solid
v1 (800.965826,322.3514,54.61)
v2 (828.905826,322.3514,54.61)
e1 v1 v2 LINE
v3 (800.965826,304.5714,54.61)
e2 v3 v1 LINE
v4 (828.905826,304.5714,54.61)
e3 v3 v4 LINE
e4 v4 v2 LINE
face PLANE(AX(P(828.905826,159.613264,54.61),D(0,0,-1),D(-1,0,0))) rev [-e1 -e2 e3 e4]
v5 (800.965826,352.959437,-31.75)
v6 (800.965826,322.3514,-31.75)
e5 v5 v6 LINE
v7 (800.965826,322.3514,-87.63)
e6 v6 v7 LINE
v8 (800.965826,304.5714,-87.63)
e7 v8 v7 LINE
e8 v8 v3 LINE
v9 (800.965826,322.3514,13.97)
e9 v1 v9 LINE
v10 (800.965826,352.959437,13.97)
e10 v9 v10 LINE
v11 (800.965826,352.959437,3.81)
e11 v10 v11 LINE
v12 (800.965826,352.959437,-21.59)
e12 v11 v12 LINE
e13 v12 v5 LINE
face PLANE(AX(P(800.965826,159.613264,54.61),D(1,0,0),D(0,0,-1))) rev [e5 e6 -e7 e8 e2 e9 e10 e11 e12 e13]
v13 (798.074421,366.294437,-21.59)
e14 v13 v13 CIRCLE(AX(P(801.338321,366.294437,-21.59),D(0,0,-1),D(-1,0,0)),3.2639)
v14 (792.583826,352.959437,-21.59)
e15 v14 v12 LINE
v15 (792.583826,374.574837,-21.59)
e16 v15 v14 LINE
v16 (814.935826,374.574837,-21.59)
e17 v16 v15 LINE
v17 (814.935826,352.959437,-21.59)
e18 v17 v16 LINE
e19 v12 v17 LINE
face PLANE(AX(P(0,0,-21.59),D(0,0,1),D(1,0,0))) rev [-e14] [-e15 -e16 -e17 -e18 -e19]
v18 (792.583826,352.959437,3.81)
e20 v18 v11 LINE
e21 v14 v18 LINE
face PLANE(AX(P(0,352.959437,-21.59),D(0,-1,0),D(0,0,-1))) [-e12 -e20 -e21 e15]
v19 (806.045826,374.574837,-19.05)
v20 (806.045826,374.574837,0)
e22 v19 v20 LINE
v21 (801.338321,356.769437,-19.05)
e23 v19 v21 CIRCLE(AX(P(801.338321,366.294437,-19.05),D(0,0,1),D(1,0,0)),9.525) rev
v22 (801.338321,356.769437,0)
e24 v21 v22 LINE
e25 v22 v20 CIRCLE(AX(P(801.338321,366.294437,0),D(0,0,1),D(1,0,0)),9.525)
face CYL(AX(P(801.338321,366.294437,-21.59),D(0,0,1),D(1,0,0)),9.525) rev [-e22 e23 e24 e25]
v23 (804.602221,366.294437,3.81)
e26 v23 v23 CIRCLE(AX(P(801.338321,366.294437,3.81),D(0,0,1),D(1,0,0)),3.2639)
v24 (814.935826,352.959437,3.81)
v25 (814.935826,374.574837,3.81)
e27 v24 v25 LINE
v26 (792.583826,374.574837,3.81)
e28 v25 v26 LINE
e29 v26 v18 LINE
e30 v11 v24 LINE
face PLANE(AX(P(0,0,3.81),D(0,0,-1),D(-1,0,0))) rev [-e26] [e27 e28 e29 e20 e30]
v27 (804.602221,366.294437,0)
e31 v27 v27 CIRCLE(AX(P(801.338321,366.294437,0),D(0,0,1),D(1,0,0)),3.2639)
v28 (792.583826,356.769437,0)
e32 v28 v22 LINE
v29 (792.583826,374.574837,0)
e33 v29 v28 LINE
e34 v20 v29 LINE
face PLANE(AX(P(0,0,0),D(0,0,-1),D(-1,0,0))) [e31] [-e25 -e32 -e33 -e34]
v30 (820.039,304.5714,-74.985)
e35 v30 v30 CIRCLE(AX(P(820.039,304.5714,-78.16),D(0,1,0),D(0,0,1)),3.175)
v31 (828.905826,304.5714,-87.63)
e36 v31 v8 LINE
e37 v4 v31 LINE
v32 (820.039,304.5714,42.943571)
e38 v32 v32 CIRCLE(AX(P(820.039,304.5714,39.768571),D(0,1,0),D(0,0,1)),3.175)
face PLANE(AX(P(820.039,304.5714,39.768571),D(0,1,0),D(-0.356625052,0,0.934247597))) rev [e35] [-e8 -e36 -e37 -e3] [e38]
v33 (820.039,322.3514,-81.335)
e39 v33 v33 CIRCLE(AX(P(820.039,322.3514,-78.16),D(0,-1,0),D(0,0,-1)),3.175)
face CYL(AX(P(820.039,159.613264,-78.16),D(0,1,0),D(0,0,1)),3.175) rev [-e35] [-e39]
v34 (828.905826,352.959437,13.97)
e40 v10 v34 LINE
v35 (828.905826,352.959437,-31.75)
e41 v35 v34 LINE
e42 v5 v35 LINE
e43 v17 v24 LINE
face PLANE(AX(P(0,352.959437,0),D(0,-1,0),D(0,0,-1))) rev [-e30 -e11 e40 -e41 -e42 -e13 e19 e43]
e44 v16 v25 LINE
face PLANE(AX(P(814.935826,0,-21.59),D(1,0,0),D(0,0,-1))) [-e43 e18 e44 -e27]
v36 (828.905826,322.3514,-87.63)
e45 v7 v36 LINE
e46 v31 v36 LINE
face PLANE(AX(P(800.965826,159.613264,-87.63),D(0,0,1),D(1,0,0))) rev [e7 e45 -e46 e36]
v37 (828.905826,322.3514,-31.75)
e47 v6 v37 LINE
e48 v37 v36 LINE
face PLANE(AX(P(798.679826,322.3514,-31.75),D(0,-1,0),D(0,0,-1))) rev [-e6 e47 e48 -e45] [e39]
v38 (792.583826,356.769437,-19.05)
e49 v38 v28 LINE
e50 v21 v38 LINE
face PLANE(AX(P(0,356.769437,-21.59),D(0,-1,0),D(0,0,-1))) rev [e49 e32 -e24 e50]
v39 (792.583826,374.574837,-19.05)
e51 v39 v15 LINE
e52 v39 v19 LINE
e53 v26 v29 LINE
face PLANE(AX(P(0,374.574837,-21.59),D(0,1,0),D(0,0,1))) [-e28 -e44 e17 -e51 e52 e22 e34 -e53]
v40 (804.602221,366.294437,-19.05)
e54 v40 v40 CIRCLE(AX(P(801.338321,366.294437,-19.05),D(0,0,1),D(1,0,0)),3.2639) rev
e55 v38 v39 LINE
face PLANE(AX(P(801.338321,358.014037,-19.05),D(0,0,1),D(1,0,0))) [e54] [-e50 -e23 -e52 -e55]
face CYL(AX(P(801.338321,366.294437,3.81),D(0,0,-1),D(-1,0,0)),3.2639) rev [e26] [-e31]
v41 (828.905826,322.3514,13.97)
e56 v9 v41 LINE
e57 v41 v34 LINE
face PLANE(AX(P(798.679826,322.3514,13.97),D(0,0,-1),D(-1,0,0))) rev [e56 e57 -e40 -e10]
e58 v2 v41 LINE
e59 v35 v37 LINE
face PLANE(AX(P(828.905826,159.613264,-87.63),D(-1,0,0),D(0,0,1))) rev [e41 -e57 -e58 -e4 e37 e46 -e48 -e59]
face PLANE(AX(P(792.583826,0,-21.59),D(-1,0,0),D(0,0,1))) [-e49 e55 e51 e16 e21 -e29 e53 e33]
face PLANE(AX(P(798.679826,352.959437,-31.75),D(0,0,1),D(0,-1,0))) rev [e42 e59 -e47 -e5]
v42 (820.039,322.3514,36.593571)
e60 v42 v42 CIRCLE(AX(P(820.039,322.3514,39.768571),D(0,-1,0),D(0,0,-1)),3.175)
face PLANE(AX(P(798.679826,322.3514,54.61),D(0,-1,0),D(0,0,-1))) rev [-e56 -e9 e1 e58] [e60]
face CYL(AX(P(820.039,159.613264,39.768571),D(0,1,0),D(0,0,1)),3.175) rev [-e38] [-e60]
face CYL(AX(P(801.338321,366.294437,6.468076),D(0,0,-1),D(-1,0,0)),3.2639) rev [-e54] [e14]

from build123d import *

# Parameters (mm, degrees)
BOSS_EXTRUDE1_DEPTH = 21.59
SKETCH2_W           = 22.352
SKETCH2_H           = 21.6154
SKETCH2_R           = 3.2639
BOSS_EXTRUDE2_DEPTH = 3.81
BOSS_EXTRUDE3_START = -2.54
SKETCH3_R           = 3.2639
BOSS_EXTRUDE3_DEPTH = 2.54
SKETCH6_W           = 27.94
SKETCH6_H           = 142.24
SKETCH6_R           = 3.175
BOSS_EXTRUDE4_DEPTH = 48.388036719
SKETCH7_W           = 40.64
SKETCH7_H           = 30.608036719
SKETCH7_W_2         = 55.88
CUT_EXTRUDE1_DEPTH  = 30.226


with BuildPart() as part:
    # Sketch1 → Boss-Extrude1 (new body)
    with BuildSketch(Plane.XY):
        with BuildLine():
            Line((801.338321143, 356.769436719), (792.583825879, 356.769436719))
            Line((792.583825879, 356.769436719), (792.583825879, 352.959436719))
            Line((792.583825879, 352.959436719), (814.935825879, 352.959436719))
            Line((814.935825879, 352.959436719), (814.935825879, 374.574836719))
            Line((814.935825879, 374.574836719), (806.045825879, 374.574836719))
            ThreePointArc((806.045825879, 374.574836719), (810.863321143, 366.294436719), (806.045825879, 358.014036719))
            ThreePointArc((806.045825879, 358.014036719), (803.772947911, 357.085841957), (801.338321143, 356.769436719))
        make_face()
    extrude(amount=-BOSS_EXTRUDE1_DEPTH)

    # Sketch2 → Boss-Extrude2 (add)
    with BuildSketch(Plane.XY):
        with Locations((803.759825879, 363.767136719)):
            Rectangle(SKETCH2_W, SKETCH2_H)
        with Locations((801.338321143, 366.294436719)):
            Circle(SKETCH2_R, mode=Mode.SUBTRACT)
    extrude(amount=BOSS_EXTRUDE2_DEPTH)

    # Sketch3 → Boss-Extrude3 (add)
    with BuildSketch(Plane(origin=(0, 0, -21.59), x_dir=(-1, 0, 0), z_dir=(0, 0, -1)).offset(BOSS_EXTRUDE3_START)):
        with BuildLine():
            Line((-792.583825879, 356.769436719), (-792.583825879, 374.574836719))
            Line((-792.583825879, 374.574836719), (-806.045825879, 374.574836719))
            ThreePointArc((-806.045825879, 374.574836719), (-810.546915906, 363.859809951), (-801.338321143, 356.769436719))
            Line((-801.338321143, 356.769436719), (-792.583825879, 356.769436719))
        make_face()
        with Locations(Location((-801.338321143, 366.294436719, 0), (0, 0, 180))):
            Circle(SKETCH3_R, mode=Mode.SUBTRACT)
    extrude(amount=BOSS_EXTRUDE3_DEPTH)

    # Sketch6 → Boss-Extrude4 (add)
    with BuildSketch(Plane.XZ.offset(-352.959436719)):
        with Locations((814.935825879, -16.51)):
            Rectangle(SKETCH6_W, SKETCH6_H)
        with Locations(Location((820.039, 39.768571429, 0), (0, 0, 90))):
            Circle(SKETCH6_R, mode=Mode.SUBTRACT)
        with Locations(Location((820.039, -78.16, 0), (0, 0, 90))):
            Circle(SKETCH6_R, mode=Mode.SUBTRACT)
    extrude(amount=BOSS_EXTRUDE4_DEPTH)

    # Sketch7 → Cut-Extrude1 (cut)
    with BuildSketch(Plane(origin=(828.905825879, 0, 0), x_dir=(0, 0, -1), z_dir=(1, 0, 0))):
        with Locations((-34.29, 337.65541836)):
            Rectangle(SKETCH7_W, SKETCH7_H)
        with Locations((59.69, 337.65541836)):
            Rectangle(SKETCH7_W_2, SKETCH7_H)
    extrude(amount=-CUT_EXTRUDE1_DEPTH, mode=Mode.SUBTRACT)


solid = part.part
